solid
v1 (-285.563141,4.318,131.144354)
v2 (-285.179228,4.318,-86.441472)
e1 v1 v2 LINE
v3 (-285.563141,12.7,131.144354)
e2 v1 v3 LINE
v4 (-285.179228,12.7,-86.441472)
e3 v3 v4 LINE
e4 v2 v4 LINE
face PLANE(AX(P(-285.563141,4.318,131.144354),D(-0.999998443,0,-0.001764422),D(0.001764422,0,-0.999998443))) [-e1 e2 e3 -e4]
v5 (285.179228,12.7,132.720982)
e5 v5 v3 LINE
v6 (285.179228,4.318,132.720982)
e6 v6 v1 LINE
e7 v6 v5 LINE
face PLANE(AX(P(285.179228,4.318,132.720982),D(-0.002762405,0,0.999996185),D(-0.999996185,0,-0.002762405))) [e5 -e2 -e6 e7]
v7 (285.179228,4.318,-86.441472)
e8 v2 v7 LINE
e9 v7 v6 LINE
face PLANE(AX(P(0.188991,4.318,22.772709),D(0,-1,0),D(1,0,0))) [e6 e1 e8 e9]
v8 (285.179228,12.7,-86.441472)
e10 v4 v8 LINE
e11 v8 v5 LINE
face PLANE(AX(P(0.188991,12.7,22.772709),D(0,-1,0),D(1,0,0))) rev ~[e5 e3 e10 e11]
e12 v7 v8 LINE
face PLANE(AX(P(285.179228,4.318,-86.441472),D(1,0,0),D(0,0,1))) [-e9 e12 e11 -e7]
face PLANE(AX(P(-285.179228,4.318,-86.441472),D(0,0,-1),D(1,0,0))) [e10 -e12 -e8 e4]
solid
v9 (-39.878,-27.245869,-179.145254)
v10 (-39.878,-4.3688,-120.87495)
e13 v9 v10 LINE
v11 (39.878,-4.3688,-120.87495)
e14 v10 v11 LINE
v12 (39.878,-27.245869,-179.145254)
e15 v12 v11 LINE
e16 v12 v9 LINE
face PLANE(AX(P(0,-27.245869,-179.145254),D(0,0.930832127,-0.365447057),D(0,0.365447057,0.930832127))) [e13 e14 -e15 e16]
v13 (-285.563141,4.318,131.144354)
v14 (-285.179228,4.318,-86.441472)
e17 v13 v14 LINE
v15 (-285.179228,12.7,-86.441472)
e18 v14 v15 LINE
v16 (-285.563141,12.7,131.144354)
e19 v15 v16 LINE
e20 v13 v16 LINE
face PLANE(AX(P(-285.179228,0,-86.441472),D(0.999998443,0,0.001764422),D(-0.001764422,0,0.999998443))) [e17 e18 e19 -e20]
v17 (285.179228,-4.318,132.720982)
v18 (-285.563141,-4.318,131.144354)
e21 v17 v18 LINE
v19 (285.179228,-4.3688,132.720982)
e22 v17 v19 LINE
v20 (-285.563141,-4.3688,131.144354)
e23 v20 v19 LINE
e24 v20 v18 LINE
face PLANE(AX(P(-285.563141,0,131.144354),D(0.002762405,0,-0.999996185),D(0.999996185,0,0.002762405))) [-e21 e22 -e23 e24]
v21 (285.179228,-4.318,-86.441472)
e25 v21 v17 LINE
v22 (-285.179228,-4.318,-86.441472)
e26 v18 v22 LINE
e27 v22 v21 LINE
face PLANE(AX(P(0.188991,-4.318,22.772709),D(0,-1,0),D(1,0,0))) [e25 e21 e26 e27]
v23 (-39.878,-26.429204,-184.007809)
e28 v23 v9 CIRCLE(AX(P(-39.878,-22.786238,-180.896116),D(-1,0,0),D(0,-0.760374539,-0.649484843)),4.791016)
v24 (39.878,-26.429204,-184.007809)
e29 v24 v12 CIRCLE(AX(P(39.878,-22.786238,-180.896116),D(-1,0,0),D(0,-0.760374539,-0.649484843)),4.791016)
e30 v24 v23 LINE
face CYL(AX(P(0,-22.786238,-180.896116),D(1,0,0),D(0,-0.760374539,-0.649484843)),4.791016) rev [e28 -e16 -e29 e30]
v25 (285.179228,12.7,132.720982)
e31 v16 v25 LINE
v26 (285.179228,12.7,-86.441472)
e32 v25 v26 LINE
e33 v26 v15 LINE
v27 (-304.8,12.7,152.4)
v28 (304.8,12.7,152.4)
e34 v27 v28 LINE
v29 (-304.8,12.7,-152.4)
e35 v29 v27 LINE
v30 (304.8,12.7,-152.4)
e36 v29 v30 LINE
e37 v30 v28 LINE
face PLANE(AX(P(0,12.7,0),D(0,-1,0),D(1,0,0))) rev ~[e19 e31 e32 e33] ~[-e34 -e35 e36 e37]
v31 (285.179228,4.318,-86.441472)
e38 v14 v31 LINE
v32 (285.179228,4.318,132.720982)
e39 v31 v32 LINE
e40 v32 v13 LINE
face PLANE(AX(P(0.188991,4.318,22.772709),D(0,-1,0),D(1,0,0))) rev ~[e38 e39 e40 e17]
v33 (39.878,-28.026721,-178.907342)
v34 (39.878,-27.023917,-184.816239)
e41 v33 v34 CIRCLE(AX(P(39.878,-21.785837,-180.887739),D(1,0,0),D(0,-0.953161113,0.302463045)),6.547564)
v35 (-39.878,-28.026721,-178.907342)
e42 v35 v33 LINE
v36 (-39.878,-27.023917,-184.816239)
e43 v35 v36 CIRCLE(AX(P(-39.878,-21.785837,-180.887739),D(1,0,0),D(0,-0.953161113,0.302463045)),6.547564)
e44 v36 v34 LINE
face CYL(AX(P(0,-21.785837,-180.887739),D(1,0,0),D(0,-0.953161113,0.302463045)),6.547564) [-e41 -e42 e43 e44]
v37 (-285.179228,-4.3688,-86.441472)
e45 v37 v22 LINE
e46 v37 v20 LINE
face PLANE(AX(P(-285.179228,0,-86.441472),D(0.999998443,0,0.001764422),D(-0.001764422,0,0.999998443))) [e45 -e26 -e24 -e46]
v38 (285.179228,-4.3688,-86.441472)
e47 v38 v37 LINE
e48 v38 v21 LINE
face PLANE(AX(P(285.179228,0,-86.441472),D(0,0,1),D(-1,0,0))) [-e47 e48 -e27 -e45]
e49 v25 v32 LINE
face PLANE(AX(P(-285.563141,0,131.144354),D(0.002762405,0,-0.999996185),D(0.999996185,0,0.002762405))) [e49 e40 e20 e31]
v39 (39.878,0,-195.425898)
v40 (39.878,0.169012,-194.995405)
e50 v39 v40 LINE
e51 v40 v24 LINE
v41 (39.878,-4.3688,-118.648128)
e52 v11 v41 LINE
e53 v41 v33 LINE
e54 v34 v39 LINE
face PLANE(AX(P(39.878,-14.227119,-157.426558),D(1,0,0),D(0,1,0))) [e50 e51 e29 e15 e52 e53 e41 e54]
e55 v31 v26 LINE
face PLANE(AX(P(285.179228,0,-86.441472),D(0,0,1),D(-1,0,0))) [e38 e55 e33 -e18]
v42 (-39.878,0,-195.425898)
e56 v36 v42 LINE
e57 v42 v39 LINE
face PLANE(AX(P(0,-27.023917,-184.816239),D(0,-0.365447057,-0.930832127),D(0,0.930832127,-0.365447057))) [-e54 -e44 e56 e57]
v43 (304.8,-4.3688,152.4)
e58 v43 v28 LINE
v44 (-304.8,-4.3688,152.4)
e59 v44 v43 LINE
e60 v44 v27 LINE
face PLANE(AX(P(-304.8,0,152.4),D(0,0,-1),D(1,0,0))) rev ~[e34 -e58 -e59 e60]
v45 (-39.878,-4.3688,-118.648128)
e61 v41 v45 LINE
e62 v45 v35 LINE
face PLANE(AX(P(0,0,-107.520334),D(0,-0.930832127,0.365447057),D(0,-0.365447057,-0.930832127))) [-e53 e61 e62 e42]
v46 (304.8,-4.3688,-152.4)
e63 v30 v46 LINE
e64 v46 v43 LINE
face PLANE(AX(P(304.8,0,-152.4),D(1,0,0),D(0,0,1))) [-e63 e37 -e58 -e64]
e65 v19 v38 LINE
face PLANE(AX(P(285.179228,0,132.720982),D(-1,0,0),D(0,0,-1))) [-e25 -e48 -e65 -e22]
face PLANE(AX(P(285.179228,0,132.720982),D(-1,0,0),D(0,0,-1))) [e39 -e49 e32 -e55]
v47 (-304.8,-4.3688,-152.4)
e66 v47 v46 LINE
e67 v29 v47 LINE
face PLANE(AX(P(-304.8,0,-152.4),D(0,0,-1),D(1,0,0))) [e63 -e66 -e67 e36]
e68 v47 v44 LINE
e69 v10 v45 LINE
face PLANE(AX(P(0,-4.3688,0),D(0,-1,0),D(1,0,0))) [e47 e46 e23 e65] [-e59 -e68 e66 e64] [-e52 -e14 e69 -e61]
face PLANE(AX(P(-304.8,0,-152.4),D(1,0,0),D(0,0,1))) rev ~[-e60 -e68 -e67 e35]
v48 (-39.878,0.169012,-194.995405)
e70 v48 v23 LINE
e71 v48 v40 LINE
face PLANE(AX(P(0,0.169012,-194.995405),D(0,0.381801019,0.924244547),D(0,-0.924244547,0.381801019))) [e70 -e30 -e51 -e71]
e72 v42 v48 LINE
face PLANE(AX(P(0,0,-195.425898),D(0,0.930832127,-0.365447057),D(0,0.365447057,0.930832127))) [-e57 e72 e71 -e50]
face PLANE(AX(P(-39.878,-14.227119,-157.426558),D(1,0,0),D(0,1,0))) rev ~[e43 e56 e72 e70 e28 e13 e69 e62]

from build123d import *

# Parameters (mm, degrees)
F1_DEPTH = 4.318
F0_W     = 609.6
F0_H     = 304.8
F2_DEPTH = 12.7
F3_DEPTH = 8.3312
F4_DEPTH = 8.382
F6_DEPTH = 39.878


with BuildPart() as f1:
    # F0 (on Front) → F1 (new body, symmetric)
    with BuildSketch(Plane.XZ):
        Polygon((-285.1792275906, -86.4414721727), (285.1792275906, -86.4414721727), (285.1792275906, 132.7209819259), (-285.5631413485, 131.1443544394), align=None)
    extrude(amount=F1_DEPTH, both=True)

    # F0 (on Front) → F2 (join, symmetric)
    with BuildSketch(Plane.XZ):
        Rectangle(F0_W, F0_H)
        Polygon((285.1792275906, 132.7209819259), (285.1792275906, -86.4414721727), (-285.1792275906, -86.4414721727), (-285.5631413485, 131.1443544394), align=None, mode=Mode.SUBTRACT)
    extrude(amount=F2_DEPTH, both=True)

    # F3 (cut): a face of the model
    f3_faces = [f1.faces().sort_by_distance(p)[0] for p in [
        (297.9844648046, -12.7, 0),
    ]]
    extrude(f3_faces, amount=-F3_DEPTH, mode=Mode.SUBTRACT)


with BuildPart() as f4:
    # F4 (new): a face of the model
    f4_faces = [f1.part.faces().sort_by_distance(p)[0] for p in [
        (0.2471686535, 4.318, 22.7583613487),
    ]]
    extrude(f4_faces, amount=F4_DEPTH)


with BuildPart() as f1_1:
    add(f1.part)

    # F5 (on Right) → F6 (join, symmetric)
    with BuildSketch(Plane.YZ):
        with BuildLine():
            Line((0, -109.7471565008), (0, -107.5203344226))
            Line((0, -107.5203344226), (-28.0267206721, -178.9073424662))
            ThreePointArc((-28.0267206721, -178.9073424662), (-28.2410996519, -181.9832667196), (-27.0239166401, -184.8162393413))
            Line((-27.0239166401, -184.8162393413), (0, -195.4258976517))
            Line((0, -195.4258976517), (0.1690124443, -194.9954051633))
            Line((0.1690124443, -194.9954051633), (-26.4292042702, -184.0078085661))
            ThreePointArc((-26.4292042702, -184.0078085661), (-27.5110799229, -181.6896526117), (-27.245869266, -179.1452538096))
            Line((-27.245869266, -179.1452538096), (0, -109.7471565008))
        make_face()
    extrude(amount=F6_DEPTH, both=True)


solid = Compound([f4.part, f1_1.part])
